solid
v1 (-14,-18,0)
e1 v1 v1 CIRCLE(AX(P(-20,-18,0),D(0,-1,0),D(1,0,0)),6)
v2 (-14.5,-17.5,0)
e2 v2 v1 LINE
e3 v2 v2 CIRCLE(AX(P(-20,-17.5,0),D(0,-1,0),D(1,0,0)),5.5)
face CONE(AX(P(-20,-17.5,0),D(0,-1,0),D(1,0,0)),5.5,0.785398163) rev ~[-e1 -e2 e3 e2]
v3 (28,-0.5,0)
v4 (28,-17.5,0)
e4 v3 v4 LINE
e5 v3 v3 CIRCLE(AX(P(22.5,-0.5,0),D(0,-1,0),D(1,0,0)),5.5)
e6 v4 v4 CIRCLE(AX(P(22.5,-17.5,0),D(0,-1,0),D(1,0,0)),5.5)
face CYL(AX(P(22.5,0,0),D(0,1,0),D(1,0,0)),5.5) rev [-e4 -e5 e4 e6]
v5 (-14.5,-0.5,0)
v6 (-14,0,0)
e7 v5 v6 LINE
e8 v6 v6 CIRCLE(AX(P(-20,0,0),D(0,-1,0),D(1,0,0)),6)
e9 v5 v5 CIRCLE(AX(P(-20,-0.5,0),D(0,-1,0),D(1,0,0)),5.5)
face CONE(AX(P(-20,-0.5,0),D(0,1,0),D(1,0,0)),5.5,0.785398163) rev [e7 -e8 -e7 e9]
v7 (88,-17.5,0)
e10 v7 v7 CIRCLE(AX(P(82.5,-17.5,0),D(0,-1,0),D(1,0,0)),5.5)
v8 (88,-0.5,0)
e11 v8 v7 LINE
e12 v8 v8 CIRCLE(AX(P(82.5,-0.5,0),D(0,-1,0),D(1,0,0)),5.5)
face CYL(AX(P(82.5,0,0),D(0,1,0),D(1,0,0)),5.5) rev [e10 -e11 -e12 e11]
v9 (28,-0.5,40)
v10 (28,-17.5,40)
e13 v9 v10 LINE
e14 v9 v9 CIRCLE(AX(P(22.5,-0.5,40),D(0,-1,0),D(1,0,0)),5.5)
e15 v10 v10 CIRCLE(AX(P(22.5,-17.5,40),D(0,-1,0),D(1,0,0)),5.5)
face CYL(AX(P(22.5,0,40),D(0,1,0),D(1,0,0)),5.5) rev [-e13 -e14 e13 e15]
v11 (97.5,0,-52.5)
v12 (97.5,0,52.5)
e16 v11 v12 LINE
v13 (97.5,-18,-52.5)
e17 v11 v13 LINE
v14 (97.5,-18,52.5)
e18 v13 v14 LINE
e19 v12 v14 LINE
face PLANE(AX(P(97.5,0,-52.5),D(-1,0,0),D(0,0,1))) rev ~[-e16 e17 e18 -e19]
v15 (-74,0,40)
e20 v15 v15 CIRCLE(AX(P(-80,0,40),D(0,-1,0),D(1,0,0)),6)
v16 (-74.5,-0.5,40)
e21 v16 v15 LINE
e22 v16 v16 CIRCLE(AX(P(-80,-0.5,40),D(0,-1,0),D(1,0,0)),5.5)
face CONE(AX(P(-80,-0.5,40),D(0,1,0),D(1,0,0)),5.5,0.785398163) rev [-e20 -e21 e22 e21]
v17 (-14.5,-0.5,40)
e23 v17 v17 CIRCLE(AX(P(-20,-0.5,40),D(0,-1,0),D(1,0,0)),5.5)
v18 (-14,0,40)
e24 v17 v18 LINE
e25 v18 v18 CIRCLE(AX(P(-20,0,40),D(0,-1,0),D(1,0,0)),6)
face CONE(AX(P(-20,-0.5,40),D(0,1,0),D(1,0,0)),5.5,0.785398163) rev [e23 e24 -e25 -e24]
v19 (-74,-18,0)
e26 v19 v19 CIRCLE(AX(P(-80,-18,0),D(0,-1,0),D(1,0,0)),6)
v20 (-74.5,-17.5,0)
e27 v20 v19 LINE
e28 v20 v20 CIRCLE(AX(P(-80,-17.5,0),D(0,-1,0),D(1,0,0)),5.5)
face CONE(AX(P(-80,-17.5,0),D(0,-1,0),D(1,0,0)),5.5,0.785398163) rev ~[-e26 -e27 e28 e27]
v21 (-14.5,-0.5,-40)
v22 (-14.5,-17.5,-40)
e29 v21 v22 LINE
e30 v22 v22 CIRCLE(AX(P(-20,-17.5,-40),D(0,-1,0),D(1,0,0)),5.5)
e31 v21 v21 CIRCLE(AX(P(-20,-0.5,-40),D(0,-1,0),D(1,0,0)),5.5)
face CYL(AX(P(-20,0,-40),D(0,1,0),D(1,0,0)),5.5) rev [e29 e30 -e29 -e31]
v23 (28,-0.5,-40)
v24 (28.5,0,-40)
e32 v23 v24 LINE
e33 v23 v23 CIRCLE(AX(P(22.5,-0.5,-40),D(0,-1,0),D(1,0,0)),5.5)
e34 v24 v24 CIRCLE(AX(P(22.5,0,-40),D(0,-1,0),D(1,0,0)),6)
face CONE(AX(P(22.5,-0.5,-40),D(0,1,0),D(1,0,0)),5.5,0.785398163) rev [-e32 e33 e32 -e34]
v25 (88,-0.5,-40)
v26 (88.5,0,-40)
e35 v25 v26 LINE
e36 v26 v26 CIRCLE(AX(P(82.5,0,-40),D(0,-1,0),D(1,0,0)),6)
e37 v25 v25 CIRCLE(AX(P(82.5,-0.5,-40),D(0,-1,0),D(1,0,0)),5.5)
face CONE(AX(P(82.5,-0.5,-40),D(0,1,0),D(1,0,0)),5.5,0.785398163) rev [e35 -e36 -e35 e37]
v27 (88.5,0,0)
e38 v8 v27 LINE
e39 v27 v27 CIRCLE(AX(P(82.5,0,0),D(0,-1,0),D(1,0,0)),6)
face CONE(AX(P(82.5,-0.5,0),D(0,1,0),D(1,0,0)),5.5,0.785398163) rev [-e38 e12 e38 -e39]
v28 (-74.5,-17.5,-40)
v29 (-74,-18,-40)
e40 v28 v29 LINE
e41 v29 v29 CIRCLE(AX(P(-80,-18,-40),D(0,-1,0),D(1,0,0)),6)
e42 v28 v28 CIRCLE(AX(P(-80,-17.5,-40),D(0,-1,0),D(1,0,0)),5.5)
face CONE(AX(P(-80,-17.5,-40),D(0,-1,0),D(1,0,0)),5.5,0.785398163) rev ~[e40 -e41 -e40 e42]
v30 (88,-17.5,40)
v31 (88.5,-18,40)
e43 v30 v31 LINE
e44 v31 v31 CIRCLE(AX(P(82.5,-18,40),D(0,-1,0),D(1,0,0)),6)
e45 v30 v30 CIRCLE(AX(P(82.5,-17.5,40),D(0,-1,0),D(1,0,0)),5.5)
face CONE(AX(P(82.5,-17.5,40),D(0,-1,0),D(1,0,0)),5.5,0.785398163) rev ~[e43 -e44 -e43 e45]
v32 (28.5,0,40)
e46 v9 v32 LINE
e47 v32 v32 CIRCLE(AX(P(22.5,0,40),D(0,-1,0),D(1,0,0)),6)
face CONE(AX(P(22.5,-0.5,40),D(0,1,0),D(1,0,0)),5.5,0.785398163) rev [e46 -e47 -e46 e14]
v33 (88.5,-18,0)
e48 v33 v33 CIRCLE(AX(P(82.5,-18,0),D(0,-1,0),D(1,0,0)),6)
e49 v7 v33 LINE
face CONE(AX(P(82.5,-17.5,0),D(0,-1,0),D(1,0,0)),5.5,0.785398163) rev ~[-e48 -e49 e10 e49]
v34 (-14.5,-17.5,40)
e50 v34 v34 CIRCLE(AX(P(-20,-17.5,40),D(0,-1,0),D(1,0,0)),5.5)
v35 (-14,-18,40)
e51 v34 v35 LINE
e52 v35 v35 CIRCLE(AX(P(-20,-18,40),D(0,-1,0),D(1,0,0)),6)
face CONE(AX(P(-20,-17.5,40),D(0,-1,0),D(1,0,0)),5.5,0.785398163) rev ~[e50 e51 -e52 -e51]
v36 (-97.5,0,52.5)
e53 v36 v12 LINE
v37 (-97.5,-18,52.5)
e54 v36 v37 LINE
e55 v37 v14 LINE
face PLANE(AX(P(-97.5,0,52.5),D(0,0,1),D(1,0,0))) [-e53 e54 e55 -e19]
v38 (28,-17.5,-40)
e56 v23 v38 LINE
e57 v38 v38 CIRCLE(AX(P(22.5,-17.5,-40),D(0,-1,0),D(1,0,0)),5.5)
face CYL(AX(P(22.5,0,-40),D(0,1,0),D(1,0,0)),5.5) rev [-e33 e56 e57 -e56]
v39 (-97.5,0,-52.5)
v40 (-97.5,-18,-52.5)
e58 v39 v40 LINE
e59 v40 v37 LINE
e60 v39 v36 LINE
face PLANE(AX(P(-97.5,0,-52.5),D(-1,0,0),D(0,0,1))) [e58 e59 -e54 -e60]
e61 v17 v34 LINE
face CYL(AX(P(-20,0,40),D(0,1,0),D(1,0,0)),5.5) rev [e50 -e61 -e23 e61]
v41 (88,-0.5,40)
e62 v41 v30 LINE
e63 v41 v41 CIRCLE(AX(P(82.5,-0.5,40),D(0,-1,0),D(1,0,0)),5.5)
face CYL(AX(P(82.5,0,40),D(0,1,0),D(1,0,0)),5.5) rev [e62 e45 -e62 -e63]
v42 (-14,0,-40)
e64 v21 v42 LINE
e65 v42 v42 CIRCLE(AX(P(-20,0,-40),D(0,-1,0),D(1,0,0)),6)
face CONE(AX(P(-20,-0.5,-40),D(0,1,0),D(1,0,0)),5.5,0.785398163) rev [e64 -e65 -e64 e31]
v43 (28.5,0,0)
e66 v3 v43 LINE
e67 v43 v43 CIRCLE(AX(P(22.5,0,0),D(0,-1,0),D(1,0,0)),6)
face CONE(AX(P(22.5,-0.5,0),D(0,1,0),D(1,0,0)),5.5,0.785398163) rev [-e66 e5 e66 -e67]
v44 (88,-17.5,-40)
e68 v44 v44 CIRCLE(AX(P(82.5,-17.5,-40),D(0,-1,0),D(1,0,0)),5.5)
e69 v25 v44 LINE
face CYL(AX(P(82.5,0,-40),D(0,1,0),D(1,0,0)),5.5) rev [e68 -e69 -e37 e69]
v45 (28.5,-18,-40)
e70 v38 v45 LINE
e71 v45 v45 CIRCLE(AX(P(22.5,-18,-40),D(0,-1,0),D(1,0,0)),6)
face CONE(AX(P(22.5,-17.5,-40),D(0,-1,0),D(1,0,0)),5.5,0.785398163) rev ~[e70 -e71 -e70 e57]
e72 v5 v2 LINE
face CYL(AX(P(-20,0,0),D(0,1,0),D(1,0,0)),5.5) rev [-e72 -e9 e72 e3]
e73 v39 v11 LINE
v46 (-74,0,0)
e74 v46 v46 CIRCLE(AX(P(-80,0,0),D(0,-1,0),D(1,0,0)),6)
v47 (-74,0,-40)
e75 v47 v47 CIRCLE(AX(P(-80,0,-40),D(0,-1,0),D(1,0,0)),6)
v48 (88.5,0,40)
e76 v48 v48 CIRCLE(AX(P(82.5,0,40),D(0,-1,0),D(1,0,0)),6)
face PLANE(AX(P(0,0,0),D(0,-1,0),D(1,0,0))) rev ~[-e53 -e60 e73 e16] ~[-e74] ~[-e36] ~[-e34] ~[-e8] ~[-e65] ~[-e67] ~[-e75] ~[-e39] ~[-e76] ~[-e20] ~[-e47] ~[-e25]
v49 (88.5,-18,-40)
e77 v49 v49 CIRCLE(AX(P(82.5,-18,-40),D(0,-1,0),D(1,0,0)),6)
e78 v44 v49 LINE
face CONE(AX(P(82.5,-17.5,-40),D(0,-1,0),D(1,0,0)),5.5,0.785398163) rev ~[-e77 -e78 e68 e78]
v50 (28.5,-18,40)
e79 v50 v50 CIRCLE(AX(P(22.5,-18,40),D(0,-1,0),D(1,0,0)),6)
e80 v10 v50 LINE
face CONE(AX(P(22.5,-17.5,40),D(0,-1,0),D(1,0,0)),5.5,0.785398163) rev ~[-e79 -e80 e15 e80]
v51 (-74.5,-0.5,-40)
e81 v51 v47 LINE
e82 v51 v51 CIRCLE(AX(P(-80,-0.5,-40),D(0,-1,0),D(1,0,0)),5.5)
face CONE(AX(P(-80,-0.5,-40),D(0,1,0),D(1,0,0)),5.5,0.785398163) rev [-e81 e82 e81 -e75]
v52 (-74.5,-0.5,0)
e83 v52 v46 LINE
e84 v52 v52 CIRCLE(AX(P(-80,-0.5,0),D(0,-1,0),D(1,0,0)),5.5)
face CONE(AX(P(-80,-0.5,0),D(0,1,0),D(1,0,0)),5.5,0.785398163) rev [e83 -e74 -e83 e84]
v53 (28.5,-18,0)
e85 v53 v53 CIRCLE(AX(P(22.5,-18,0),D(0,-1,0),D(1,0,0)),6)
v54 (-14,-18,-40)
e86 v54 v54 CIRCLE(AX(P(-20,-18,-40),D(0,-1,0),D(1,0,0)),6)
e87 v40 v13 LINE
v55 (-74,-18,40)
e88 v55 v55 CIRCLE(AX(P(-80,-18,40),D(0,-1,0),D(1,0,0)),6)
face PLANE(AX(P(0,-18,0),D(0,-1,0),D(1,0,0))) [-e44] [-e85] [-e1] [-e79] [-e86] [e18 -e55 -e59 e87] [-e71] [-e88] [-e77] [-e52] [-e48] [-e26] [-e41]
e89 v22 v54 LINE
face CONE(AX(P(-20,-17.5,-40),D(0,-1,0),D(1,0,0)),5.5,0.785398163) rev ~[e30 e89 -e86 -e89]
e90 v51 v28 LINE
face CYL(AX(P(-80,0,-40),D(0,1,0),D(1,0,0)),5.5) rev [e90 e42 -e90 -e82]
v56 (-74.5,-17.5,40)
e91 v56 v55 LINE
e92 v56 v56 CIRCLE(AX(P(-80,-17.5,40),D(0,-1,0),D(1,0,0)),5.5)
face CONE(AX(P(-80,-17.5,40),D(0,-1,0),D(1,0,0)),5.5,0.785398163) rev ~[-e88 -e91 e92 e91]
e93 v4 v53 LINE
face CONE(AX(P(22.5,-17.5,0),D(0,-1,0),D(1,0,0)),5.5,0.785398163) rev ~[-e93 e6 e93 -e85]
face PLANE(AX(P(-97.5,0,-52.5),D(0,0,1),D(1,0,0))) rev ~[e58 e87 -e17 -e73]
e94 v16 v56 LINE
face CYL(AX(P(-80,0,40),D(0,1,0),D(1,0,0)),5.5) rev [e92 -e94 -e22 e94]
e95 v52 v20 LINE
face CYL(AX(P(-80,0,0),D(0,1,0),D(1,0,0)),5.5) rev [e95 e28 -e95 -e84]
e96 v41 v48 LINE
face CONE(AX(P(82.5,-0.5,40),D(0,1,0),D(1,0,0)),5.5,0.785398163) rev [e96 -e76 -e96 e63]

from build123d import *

# Parameters (mm, degrees)
F0_W     = 195
F0_H     = 105
F0_R     = 5.5
F1_DEPTH = 18
F2_SIZE  = 0.5


with BuildPart() as f1:
    # F0 (on Front) → F1 (new body)
    with BuildSketch(Plane.XZ):
        Rectangle(F0_W, F0_H)
        with Locations((-80, -40)):
            Circle(F0_R, mode=Mode.SUBTRACT)
        with Locations((-20, -40)):
            Circle(F0_R, mode=Mode.SUBTRACT)
        with Locations((22.5, -40)):
            Circle(F0_R, mode=Mode.SUBTRACT)
        with Locations((82.5, -40)):
            Circle(F0_R, mode=Mode.SUBTRACT)
        with Locations((-80, 0)):
            Circle(F0_R, mode=Mode.SUBTRACT)
        with Locations((-20, 0)):
            Circle(F0_R, mode=Mode.SUBTRACT)
        with Locations((-80, 40)):
            Circle(F0_R, mode=Mode.SUBTRACT)
        with Locations((-20, 40)):
            Circle(F0_R, mode=Mode.SUBTRACT)
        with Locations((22.5, 0)):
            Circle(F0_R, mode=Mode.SUBTRACT)
        with Locations((82.5, 0)):
            Circle(F0_R, mode=Mode.SUBTRACT)
        with Locations((22.5, 40)):
            Circle(F0_R, mode=Mode.SUBTRACT)
        with Locations((82.5, 40)):
            Circle(F0_R, mode=Mode.SUBTRACT)
    extrude(amount=F1_DEPTH)

    # F2
    f2_edges = [f1.edges().sort_by_distance(p)[0] for p in [
        (-74.5, -9, 40),
        (-85.5, 0, 40),
        (-85.5, -18, 40),
        (-74.5, -9, 0),
        (-85.5, 0, 0),
        (-85.5, -18, 0),
        (-74.5, -9, -40),
        (-85.5, 0, -40),
        (-85.5, -18, -40),
        (-14.5, -9, 40),
        (-25.5, 0, 40),
        (-25.5, -18, 40),
        (-14.5, -9, 0),
        (-25.5, 0, 0),
        (-25.5, -18, 0),
        (-14.5, -9, -40),
        (-25.5, 0, -40),
        (-25.5, -18, -40),
        (28, -9, 40),
        (17, 0, 40),
        (17, -18, 40),
        (28, -9, 0),
        (17, 0, 0),
        (17, -18, 0),
        (28, -9, -40),
        (17, 0, -40),
        (17, -18, -40),
        (88, -9, 40),
        (77, 0, 40),
        (77, -18, 40),
        (88, -9, 0),
        (77, 0, 0),
        (77, -18, 0),
        (88, -9, -40),
        (77, 0, -40),
        (77, -18, -40),
    ]]
    chamfer(f2_edges, length=F2_SIZE)


solid = f1.part
